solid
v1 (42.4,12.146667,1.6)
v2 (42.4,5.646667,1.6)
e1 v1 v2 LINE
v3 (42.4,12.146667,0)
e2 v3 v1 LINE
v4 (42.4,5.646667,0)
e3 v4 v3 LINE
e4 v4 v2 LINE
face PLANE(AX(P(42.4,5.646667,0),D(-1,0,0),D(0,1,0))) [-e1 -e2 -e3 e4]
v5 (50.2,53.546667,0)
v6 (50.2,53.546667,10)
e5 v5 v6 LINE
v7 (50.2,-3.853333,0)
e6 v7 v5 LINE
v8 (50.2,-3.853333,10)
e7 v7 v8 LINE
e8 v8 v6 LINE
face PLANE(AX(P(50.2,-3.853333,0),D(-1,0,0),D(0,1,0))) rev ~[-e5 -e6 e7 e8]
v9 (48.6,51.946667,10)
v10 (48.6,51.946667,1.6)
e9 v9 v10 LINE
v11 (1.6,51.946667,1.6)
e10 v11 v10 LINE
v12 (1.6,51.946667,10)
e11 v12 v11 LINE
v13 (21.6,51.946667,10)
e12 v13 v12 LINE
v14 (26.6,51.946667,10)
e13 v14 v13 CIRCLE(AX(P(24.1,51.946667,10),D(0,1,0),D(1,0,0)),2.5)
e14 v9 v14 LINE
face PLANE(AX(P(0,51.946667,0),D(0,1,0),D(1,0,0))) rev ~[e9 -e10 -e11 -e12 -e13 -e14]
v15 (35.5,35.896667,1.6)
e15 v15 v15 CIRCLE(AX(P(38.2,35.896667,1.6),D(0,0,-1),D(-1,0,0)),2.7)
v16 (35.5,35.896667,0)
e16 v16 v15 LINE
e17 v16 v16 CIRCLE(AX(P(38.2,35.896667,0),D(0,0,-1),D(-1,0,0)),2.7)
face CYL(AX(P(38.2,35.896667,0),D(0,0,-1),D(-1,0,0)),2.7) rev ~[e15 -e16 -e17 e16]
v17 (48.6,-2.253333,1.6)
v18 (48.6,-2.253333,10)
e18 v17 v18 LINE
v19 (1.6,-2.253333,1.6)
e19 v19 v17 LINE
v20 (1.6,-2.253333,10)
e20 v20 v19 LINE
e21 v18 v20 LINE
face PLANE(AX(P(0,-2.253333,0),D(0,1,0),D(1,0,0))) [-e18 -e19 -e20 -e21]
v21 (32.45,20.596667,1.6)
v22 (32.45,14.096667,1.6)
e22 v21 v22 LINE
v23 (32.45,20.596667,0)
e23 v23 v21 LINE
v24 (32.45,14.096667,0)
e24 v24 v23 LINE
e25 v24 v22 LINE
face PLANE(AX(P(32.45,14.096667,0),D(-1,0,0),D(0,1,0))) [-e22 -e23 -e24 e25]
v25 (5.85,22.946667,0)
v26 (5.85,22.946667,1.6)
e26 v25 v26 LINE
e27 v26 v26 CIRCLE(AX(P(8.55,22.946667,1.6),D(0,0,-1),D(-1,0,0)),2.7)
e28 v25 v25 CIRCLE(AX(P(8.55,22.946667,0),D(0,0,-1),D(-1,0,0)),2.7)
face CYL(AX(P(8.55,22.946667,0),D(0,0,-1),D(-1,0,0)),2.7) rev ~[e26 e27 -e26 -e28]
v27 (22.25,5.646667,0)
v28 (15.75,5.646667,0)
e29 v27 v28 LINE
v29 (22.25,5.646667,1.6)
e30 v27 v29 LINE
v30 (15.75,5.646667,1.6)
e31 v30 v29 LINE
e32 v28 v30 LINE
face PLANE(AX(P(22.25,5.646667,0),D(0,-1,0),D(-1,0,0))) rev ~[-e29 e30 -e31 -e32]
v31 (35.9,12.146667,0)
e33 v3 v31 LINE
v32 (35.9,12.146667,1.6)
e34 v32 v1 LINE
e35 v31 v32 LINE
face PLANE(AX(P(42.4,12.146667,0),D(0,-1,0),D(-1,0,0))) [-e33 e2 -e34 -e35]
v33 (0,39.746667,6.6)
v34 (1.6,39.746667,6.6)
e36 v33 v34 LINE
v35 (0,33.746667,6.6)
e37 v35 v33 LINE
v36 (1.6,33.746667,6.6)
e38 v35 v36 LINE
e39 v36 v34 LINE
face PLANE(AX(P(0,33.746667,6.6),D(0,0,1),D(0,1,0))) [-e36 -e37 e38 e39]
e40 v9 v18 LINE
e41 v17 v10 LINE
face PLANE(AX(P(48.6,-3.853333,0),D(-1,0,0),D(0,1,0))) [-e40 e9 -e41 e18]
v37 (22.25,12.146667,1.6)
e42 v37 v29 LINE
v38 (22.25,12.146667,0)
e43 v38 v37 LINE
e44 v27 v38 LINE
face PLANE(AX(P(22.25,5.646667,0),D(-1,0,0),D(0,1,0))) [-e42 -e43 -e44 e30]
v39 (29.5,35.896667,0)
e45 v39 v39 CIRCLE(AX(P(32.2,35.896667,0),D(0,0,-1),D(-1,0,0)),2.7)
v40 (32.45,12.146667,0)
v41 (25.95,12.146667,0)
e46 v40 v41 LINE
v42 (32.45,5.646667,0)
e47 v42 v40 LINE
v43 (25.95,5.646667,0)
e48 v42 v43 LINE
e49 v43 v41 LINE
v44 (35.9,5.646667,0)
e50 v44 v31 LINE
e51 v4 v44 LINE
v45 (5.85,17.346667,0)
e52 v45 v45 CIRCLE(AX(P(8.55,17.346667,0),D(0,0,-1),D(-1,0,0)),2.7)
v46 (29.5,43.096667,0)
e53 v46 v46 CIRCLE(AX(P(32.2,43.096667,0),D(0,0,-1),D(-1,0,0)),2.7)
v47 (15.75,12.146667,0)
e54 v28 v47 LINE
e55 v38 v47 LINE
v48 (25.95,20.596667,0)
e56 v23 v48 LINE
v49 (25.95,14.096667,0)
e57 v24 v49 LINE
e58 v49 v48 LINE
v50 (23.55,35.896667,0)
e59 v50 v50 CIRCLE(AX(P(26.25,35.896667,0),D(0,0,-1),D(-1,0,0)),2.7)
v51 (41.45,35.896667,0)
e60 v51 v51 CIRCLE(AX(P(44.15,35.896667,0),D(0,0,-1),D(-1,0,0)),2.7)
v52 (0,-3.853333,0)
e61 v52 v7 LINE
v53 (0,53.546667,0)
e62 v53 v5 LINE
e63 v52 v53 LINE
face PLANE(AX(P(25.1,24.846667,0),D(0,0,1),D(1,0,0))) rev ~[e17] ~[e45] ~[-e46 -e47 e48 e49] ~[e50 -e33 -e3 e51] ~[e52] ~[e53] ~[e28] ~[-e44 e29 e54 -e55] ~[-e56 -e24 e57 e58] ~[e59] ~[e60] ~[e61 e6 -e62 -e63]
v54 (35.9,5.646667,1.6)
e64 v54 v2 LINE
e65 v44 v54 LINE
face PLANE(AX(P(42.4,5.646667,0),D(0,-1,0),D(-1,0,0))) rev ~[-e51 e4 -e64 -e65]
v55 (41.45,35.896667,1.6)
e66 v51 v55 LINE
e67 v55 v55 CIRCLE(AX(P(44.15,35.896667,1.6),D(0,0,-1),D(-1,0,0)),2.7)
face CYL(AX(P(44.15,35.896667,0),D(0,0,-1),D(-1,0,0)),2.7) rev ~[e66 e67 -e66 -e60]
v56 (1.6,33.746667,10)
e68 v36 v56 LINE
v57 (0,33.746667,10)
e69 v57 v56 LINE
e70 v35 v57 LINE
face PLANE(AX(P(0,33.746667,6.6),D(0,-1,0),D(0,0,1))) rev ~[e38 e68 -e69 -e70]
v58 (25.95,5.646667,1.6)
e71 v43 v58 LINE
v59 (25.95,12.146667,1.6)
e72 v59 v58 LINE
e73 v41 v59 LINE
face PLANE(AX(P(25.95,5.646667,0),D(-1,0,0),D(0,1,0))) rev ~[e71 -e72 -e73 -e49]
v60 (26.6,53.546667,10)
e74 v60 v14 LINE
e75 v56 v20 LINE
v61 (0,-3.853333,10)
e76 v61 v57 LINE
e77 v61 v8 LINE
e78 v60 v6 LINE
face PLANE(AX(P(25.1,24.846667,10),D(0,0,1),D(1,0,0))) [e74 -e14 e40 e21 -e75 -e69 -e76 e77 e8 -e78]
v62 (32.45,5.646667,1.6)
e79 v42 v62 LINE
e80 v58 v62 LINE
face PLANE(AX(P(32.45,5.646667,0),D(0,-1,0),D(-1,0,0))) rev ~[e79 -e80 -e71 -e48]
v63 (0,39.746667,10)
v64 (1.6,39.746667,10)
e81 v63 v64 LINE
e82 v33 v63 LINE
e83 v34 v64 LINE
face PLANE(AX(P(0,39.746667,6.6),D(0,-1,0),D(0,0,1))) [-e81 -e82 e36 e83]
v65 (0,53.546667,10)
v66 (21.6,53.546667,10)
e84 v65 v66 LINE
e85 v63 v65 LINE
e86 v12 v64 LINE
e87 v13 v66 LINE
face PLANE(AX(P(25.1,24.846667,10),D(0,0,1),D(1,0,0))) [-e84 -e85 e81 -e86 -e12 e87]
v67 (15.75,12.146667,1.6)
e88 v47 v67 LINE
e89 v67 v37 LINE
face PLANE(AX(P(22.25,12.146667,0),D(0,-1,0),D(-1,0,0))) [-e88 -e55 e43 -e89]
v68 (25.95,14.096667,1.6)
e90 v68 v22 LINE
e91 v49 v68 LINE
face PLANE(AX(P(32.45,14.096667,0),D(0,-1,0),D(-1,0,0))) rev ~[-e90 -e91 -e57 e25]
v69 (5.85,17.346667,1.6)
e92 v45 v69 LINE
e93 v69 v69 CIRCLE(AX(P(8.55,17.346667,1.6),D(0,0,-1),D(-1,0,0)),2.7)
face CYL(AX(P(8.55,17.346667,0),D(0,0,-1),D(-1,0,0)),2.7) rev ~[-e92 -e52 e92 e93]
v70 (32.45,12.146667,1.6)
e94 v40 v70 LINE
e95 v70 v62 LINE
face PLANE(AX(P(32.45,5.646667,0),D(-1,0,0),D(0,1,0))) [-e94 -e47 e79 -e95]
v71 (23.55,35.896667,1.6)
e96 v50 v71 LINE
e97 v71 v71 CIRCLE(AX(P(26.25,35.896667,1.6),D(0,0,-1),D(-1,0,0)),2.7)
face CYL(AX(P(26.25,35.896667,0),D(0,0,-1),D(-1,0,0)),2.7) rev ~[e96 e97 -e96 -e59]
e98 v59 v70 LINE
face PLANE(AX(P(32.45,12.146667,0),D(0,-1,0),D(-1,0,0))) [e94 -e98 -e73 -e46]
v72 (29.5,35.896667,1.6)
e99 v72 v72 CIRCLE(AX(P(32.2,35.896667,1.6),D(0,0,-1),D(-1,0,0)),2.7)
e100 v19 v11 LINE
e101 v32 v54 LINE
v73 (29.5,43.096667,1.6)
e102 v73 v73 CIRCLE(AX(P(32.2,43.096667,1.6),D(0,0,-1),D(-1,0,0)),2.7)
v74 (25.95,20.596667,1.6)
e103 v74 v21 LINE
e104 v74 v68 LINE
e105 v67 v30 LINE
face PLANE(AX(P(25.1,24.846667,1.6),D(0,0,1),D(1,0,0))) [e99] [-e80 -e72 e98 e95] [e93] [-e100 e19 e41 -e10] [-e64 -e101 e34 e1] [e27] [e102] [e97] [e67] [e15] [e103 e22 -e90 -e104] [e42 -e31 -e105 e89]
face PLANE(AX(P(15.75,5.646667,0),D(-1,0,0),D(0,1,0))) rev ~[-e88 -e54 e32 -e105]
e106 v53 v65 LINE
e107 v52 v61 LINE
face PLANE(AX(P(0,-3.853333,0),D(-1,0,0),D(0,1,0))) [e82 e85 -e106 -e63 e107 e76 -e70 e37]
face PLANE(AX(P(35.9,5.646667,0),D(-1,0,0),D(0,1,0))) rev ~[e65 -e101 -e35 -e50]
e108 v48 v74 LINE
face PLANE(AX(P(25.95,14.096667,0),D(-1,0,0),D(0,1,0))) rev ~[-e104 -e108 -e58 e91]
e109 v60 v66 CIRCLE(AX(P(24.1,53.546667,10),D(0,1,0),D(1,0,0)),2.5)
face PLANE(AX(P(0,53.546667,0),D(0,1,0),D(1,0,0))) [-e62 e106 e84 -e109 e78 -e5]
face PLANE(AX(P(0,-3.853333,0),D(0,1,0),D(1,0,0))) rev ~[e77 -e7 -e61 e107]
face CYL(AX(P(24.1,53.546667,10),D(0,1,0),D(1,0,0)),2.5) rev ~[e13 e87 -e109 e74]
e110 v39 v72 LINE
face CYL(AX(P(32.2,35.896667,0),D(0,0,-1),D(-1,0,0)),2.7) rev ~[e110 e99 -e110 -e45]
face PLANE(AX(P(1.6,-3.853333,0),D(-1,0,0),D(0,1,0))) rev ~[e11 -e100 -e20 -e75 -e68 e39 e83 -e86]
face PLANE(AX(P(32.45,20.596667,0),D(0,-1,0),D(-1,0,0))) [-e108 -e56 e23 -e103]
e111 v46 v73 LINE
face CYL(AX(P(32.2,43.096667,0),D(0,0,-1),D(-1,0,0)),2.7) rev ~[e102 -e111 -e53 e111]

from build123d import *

# Parameters (mm, degrees)
SKETCH1_W           = 50.2
SKETCH1_H           = 57.4
BOSS_EXTRUDE1_DEPTH = 10
SHELL1_T            = -1.6
SKETCH2_R           = 2.7
CUT_EXTRUDE1_DEPTH  = 10
SKETCH3_W           = 3.4
SKETCH3_H           = 6
CUT_EXTRUDE2_DEPTH  = 10
SKETCH4_R           = 2.5
CUT_EXTRUDE3_DEPTH  = 10
SKETCH5_W           = 6.5
SKETCH5_H           = 6.5
CUT_EXTRUDE4_DEPTH  = 10


with BuildPart() as part:
    # Sketch1 → Boss-Extrude1 (new body)
    with BuildSketch(Plane.XY):
        with Locations((25.1, 24.846666667)):
            Rectangle(SKETCH1_W, SKETCH1_H)
    extrude(amount=BOSS_EXTRUDE1_DEPTH)

    # Shell1
    shell1_openings = [part.faces().sort_by_distance(p)[0] for p in [
        (25.1, 24.846666667, 10),
    ]]
    offset(amount=SHELL1_T, openings=shell1_openings, kind=Kind.INTERSECTION)

    # Sketch2 → Cut-Extrude1 (cut)
    with BuildSketch(Plane(origin=(0, 0, 0), x_dir=(-1, 0, 0), z_dir=(0, 0, -1))):
        with Locations((-8.55, 17.346666667)):
            Circle(SKETCH2_R)
        with Locations((-8.55, 22.946666667)):
            Circle(SKETCH2_R)
        with Locations((-44.15, 35.896666667)):
            Circle(SKETCH2_R)
        with Locations((-26.25, 35.896666667)):
            Circle(SKETCH2_R)
        with Locations((-38.2, 35.896666667)):
            Circle(SKETCH2_R)
        with Locations((-32.2, 35.896666667)):
            Circle(SKETCH2_R)
        with Locations((-32.2, 43.096666667)):
            Circle(SKETCH2_R)
    extrude(amount=-CUT_EXTRUDE1_DEPTH, mode=Mode.SUBTRACT)

    # Sketch3 → Cut-Extrude2 (cut)
    with BuildSketch(Plane.ZY):
        with Locations((8.3, 36.746666667)):
            Rectangle(SKETCH3_W, SKETCH3_H)
    extrude(amount=-CUT_EXTRUDE2_DEPTH, mode=Mode.SUBTRACT)

    # Sketch4 → Cut-Extrude3 (cut)
    with BuildSketch(Plane(origin=(0, 53.546666667, 0), x_dir=(1, 0, 0), z_dir=(0, 1, 0))):
        with Locations((24.1, -10)):
            Circle(SKETCH4_R)
    extrude(amount=-CUT_EXTRUDE3_DEPTH, mode=Mode.SUBTRACT)

    # Sketch5 → Cut-Extrude4 (cut)
    with BuildSketch(Plane(origin=(0, 0, 0), x_dir=(-1, 0, 0), z_dir=(0, 0, -1))):
        with Locations((-39.15, 8.896666667)):
            Rectangle(SKETCH5_W, SKETCH5_H)
        with Locations((-29.2, 8.896666667)):
            Rectangle(SKETCH5_W, SKETCH5_H)
        with Locations((-19, 8.896666667)):
            Rectangle(SKETCH5_W, SKETCH5_H)
        with Locations((-29.2, 17.346666667)):
            Rectangle(SKETCH5_W, SKETCH5_H)
    extrude(amount=-CUT_EXTRUDE4_DEPTH, mode=Mode.SUBTRACT)


solid = part.part
